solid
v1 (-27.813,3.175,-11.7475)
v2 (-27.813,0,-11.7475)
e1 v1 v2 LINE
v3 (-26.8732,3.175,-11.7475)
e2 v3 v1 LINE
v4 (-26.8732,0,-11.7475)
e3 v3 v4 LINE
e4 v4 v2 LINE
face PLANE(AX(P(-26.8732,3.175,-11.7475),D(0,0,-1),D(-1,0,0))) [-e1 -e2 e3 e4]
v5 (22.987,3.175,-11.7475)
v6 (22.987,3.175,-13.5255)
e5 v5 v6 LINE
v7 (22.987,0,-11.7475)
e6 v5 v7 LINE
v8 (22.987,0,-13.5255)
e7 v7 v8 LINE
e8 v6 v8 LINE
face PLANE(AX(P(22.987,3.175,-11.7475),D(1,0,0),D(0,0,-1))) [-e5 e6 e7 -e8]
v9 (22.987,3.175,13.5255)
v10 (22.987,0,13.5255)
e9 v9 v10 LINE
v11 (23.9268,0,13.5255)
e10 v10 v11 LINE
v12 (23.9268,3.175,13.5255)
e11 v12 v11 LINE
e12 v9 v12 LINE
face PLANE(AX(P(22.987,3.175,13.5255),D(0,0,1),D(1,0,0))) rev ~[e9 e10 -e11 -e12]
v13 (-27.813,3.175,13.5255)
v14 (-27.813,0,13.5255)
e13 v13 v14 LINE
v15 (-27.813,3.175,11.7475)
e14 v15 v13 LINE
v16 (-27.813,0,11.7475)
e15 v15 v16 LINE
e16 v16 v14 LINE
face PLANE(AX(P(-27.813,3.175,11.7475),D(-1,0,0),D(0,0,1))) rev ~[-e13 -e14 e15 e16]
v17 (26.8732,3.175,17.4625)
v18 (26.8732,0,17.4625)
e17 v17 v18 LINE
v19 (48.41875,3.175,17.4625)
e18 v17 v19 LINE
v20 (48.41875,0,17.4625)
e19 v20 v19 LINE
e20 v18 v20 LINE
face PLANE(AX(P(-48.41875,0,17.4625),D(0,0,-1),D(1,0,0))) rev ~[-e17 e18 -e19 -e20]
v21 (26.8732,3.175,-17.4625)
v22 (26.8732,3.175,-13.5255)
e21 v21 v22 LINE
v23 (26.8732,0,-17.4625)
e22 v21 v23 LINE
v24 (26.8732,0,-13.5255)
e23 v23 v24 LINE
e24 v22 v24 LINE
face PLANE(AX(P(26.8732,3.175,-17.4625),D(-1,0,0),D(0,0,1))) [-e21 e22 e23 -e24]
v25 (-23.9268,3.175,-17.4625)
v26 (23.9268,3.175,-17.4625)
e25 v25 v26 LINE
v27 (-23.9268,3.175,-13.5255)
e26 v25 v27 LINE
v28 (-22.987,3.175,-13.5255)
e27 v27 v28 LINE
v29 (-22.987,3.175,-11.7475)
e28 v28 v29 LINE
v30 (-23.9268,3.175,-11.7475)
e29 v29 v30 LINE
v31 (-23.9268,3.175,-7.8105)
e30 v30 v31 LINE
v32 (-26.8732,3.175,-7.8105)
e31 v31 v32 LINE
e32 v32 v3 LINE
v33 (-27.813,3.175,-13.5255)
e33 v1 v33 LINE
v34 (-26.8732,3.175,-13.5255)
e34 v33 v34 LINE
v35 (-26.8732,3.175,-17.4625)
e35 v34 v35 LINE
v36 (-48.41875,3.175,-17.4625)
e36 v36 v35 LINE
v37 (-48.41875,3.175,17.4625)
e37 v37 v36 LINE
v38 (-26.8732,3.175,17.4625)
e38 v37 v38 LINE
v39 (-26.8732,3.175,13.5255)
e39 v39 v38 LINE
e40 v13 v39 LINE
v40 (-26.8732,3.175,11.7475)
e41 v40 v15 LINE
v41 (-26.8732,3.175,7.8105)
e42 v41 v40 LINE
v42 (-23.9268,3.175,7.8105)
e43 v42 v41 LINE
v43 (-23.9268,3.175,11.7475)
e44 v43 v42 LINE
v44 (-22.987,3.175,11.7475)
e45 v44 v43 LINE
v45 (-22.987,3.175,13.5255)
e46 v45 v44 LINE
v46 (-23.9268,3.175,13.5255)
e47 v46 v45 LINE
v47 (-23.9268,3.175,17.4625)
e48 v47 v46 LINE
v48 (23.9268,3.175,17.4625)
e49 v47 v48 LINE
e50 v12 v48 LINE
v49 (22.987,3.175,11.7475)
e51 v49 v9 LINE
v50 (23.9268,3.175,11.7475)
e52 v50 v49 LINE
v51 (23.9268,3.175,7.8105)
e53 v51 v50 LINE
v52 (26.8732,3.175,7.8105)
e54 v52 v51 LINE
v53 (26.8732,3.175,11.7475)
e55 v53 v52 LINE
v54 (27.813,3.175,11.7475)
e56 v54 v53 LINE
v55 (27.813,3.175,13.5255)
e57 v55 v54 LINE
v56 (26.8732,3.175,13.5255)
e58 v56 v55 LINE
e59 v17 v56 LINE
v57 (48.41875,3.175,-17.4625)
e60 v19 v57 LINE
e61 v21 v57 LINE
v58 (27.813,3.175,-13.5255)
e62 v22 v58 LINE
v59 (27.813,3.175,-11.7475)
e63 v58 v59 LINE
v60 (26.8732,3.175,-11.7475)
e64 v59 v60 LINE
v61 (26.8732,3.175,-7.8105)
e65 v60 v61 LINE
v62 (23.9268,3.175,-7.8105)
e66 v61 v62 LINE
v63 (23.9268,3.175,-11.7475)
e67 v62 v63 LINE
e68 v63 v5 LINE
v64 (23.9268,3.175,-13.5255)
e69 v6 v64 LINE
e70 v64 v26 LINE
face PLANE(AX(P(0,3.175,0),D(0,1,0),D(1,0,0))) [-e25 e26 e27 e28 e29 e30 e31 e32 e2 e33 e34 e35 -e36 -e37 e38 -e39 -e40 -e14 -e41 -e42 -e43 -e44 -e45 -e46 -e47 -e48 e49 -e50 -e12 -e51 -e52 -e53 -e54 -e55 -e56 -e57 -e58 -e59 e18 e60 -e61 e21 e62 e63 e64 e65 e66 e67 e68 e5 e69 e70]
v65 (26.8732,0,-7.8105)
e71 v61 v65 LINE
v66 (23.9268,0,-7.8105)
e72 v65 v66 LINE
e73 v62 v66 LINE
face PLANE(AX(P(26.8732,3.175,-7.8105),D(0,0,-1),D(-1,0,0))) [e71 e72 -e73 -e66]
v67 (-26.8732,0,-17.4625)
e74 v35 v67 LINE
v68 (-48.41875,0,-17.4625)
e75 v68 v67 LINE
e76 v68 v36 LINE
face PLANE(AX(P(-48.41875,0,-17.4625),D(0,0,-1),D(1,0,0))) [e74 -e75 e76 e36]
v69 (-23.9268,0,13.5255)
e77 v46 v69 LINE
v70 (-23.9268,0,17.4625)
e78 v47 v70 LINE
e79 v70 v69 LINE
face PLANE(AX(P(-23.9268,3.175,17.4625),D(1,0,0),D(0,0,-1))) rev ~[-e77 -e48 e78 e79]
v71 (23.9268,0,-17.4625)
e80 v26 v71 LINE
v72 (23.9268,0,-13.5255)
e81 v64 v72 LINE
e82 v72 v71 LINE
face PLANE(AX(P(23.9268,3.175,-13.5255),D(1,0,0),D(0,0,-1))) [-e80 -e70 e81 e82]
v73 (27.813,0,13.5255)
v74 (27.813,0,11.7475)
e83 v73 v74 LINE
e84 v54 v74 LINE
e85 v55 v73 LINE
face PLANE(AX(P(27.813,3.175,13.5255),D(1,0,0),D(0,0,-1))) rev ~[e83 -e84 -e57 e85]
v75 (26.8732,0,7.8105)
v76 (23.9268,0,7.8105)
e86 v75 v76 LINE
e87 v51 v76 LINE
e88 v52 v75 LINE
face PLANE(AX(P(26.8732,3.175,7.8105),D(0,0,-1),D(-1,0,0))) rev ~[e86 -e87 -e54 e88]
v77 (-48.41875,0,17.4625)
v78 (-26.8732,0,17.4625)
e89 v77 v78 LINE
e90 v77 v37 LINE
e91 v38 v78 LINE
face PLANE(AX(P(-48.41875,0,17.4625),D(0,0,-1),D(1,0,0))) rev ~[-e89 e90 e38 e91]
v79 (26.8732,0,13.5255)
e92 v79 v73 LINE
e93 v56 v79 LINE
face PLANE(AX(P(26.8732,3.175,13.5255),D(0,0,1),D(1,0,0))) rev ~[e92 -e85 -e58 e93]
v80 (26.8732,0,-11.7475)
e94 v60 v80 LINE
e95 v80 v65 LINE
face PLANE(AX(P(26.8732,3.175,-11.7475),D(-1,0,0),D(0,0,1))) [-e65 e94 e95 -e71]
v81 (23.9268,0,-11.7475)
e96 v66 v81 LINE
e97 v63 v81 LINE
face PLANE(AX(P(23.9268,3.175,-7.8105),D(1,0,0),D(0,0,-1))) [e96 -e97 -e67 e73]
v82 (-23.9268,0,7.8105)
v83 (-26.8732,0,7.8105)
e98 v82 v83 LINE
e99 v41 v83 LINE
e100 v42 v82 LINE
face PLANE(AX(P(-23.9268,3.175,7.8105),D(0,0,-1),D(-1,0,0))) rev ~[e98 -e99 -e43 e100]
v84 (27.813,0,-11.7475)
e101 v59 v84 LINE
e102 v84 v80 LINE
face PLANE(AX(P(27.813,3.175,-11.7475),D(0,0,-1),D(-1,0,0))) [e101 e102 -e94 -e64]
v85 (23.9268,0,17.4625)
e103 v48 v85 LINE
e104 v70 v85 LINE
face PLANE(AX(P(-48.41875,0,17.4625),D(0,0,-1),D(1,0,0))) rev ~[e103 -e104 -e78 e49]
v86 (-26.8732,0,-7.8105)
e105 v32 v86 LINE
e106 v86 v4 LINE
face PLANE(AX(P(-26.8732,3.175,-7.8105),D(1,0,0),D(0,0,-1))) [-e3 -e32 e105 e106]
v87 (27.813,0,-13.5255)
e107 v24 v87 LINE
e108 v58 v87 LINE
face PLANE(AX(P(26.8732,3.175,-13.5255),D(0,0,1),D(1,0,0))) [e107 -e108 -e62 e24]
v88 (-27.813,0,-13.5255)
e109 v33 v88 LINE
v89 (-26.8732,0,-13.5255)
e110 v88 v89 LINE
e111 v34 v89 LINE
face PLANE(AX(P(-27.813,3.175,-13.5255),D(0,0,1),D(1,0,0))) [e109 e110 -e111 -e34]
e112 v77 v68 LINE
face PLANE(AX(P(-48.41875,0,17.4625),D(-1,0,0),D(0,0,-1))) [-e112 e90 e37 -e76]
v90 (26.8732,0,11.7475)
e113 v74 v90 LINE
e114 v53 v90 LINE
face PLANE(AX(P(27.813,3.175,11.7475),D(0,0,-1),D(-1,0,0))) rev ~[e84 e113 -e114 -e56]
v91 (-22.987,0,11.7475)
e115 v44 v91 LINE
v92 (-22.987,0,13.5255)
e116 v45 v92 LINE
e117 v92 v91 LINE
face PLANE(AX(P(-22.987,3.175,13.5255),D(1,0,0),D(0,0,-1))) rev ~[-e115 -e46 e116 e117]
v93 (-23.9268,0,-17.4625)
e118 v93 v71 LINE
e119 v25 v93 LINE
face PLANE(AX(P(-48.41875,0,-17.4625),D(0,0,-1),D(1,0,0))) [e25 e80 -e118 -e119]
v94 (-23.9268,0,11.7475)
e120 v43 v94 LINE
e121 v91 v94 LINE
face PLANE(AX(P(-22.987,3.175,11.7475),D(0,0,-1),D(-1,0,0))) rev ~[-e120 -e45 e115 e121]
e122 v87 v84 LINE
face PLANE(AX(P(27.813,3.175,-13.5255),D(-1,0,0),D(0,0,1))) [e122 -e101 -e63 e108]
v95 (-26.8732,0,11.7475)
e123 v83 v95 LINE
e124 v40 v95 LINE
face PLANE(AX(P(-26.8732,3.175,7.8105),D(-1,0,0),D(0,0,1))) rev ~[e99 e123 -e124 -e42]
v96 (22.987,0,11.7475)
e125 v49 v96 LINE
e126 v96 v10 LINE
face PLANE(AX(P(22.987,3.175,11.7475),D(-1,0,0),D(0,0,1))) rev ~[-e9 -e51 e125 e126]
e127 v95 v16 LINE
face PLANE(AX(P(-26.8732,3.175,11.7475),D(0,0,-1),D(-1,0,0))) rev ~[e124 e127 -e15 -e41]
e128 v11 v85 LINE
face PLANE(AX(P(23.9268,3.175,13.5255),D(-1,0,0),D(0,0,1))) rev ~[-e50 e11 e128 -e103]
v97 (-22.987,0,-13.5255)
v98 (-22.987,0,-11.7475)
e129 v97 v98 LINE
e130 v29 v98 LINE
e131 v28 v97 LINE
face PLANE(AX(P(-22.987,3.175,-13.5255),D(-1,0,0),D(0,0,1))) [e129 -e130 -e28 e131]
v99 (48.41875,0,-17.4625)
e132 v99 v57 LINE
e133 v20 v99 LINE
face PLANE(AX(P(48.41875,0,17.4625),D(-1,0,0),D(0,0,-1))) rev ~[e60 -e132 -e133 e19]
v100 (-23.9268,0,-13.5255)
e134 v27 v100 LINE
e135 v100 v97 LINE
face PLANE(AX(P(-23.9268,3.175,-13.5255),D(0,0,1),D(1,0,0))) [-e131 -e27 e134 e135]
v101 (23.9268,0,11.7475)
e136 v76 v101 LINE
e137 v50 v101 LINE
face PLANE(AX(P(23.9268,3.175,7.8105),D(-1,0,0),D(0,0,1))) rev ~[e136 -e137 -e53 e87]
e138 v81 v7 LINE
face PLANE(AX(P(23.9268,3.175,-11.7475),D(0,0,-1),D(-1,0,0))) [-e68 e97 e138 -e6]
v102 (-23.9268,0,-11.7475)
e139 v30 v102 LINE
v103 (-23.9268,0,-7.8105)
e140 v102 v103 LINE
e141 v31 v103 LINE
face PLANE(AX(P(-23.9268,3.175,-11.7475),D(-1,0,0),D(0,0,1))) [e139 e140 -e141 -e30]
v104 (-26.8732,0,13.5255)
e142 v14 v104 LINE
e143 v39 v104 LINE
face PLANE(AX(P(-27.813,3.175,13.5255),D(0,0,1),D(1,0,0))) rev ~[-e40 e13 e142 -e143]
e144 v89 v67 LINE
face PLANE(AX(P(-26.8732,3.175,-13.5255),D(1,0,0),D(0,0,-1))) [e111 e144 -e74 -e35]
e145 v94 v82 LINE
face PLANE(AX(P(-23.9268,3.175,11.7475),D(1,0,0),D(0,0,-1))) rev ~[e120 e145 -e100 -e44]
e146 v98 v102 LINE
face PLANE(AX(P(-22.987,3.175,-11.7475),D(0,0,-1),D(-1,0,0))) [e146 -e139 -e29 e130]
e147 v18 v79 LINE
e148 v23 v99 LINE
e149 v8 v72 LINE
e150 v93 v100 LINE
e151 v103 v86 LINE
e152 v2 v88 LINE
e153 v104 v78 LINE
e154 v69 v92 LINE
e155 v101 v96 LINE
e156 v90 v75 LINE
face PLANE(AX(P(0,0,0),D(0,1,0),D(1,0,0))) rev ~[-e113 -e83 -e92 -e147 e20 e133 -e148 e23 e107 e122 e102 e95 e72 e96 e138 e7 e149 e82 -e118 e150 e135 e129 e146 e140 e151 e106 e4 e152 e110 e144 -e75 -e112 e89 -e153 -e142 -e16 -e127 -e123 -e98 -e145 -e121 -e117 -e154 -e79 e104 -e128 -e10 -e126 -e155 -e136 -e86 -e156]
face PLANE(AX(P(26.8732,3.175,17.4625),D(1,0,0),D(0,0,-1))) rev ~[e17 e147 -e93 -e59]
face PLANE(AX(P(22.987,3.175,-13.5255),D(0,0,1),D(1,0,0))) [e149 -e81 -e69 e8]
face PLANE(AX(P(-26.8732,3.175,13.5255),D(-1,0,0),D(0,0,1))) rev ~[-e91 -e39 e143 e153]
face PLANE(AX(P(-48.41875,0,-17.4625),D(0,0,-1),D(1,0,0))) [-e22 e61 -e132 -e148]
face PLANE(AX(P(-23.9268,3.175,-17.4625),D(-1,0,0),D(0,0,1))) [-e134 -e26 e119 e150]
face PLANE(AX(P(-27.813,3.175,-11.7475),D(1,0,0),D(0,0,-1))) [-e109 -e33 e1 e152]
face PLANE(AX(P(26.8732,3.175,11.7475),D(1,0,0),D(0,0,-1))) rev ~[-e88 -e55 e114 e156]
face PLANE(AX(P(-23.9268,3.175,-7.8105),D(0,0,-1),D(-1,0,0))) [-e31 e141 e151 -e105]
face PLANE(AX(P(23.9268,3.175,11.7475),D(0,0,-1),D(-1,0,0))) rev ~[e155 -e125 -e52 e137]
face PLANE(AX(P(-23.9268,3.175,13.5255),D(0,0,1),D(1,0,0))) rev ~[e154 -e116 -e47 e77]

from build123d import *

# Parameters (mm, degrees)
SKETCH1_W           = 96.8375
SKETCH1_H           = 34.925
BOSS_EXTRUDE1_DEPTH = 3.175
CUT_EXTRUDE2_DEPTH  = 52.56932114


with BuildPart() as part:
    # Sketch1 → Boss-Extrude1 (new body)
    with BuildSketch(Plane(origin=(0, 0, 0), x_dir=(1, 0, 0), z_dir=(0, 1, 0))):
        Rectangle(SKETCH1_W, SKETCH1_H)
    extrude(amount=BOSS_EXTRUDE1_DEPTH)

    # Sketch3 → Cut-Extrude2 (cut, through all)
    with BuildSketch(Plane(origin=(0, 3.175, 0), x_dir=(1, 0, 0), z_dir=(0, 1, 0))):
        Polygon((-26.8732, 17.4625), (-23.9268, 17.4625), (-23.9268, 13.5255), (-22.987, 13.5255), (-22.987, 11.7475), (-23.9268, 11.7475), (-23.9268, 7.8105), (-26.8732, 7.8105), (-26.8732, 11.7475), (-27.813, 11.7475), (-27.813, 13.5255), (-26.8732, 13.5255), align=None)
        Polygon((23.9268, 17.4625), (26.8732, 17.4625), (26.8732, 13.5255), (27.813, 13.5255), (27.813, 11.7475), (26.8732, 11.7475), (26.8732, 7.8105), (23.9268, 7.8105), (23.9268, 11.7475), (22.987, 11.7475), (22.987, 13.5255), (23.9268, 13.5255), align=None)
        Polygon((26.8732, -11.7475), (26.8732, -7.8105), (23.9268, -7.8105), (23.9268, -11.7475), (22.987, -11.7475), (22.987, -13.5255), (23.9268, -13.5255), (23.9268, -17.4625), (26.8732, -17.4625), (26.8732, -13.5255), (27.813, -13.5255), (27.813, -11.7475), align=None)
        Polygon((-23.9268, -11.7475), (-23.9268, -7.8105), (-26.8732, -7.8105), (-26.8732, -11.7475), (-27.813, -11.7475), (-27.813, -13.5255), (-26.8732, -13.5255), (-26.8732, -17.4625), (-23.9268, -17.4625), (-23.9268, -13.5255), (-22.987, -13.5255), (-22.987, -11.7475), align=None)
    extrude(amount=-CUT_EXTRUDE2_DEPTH, mode=Mode.SUBTRACT)


solid = part.part
